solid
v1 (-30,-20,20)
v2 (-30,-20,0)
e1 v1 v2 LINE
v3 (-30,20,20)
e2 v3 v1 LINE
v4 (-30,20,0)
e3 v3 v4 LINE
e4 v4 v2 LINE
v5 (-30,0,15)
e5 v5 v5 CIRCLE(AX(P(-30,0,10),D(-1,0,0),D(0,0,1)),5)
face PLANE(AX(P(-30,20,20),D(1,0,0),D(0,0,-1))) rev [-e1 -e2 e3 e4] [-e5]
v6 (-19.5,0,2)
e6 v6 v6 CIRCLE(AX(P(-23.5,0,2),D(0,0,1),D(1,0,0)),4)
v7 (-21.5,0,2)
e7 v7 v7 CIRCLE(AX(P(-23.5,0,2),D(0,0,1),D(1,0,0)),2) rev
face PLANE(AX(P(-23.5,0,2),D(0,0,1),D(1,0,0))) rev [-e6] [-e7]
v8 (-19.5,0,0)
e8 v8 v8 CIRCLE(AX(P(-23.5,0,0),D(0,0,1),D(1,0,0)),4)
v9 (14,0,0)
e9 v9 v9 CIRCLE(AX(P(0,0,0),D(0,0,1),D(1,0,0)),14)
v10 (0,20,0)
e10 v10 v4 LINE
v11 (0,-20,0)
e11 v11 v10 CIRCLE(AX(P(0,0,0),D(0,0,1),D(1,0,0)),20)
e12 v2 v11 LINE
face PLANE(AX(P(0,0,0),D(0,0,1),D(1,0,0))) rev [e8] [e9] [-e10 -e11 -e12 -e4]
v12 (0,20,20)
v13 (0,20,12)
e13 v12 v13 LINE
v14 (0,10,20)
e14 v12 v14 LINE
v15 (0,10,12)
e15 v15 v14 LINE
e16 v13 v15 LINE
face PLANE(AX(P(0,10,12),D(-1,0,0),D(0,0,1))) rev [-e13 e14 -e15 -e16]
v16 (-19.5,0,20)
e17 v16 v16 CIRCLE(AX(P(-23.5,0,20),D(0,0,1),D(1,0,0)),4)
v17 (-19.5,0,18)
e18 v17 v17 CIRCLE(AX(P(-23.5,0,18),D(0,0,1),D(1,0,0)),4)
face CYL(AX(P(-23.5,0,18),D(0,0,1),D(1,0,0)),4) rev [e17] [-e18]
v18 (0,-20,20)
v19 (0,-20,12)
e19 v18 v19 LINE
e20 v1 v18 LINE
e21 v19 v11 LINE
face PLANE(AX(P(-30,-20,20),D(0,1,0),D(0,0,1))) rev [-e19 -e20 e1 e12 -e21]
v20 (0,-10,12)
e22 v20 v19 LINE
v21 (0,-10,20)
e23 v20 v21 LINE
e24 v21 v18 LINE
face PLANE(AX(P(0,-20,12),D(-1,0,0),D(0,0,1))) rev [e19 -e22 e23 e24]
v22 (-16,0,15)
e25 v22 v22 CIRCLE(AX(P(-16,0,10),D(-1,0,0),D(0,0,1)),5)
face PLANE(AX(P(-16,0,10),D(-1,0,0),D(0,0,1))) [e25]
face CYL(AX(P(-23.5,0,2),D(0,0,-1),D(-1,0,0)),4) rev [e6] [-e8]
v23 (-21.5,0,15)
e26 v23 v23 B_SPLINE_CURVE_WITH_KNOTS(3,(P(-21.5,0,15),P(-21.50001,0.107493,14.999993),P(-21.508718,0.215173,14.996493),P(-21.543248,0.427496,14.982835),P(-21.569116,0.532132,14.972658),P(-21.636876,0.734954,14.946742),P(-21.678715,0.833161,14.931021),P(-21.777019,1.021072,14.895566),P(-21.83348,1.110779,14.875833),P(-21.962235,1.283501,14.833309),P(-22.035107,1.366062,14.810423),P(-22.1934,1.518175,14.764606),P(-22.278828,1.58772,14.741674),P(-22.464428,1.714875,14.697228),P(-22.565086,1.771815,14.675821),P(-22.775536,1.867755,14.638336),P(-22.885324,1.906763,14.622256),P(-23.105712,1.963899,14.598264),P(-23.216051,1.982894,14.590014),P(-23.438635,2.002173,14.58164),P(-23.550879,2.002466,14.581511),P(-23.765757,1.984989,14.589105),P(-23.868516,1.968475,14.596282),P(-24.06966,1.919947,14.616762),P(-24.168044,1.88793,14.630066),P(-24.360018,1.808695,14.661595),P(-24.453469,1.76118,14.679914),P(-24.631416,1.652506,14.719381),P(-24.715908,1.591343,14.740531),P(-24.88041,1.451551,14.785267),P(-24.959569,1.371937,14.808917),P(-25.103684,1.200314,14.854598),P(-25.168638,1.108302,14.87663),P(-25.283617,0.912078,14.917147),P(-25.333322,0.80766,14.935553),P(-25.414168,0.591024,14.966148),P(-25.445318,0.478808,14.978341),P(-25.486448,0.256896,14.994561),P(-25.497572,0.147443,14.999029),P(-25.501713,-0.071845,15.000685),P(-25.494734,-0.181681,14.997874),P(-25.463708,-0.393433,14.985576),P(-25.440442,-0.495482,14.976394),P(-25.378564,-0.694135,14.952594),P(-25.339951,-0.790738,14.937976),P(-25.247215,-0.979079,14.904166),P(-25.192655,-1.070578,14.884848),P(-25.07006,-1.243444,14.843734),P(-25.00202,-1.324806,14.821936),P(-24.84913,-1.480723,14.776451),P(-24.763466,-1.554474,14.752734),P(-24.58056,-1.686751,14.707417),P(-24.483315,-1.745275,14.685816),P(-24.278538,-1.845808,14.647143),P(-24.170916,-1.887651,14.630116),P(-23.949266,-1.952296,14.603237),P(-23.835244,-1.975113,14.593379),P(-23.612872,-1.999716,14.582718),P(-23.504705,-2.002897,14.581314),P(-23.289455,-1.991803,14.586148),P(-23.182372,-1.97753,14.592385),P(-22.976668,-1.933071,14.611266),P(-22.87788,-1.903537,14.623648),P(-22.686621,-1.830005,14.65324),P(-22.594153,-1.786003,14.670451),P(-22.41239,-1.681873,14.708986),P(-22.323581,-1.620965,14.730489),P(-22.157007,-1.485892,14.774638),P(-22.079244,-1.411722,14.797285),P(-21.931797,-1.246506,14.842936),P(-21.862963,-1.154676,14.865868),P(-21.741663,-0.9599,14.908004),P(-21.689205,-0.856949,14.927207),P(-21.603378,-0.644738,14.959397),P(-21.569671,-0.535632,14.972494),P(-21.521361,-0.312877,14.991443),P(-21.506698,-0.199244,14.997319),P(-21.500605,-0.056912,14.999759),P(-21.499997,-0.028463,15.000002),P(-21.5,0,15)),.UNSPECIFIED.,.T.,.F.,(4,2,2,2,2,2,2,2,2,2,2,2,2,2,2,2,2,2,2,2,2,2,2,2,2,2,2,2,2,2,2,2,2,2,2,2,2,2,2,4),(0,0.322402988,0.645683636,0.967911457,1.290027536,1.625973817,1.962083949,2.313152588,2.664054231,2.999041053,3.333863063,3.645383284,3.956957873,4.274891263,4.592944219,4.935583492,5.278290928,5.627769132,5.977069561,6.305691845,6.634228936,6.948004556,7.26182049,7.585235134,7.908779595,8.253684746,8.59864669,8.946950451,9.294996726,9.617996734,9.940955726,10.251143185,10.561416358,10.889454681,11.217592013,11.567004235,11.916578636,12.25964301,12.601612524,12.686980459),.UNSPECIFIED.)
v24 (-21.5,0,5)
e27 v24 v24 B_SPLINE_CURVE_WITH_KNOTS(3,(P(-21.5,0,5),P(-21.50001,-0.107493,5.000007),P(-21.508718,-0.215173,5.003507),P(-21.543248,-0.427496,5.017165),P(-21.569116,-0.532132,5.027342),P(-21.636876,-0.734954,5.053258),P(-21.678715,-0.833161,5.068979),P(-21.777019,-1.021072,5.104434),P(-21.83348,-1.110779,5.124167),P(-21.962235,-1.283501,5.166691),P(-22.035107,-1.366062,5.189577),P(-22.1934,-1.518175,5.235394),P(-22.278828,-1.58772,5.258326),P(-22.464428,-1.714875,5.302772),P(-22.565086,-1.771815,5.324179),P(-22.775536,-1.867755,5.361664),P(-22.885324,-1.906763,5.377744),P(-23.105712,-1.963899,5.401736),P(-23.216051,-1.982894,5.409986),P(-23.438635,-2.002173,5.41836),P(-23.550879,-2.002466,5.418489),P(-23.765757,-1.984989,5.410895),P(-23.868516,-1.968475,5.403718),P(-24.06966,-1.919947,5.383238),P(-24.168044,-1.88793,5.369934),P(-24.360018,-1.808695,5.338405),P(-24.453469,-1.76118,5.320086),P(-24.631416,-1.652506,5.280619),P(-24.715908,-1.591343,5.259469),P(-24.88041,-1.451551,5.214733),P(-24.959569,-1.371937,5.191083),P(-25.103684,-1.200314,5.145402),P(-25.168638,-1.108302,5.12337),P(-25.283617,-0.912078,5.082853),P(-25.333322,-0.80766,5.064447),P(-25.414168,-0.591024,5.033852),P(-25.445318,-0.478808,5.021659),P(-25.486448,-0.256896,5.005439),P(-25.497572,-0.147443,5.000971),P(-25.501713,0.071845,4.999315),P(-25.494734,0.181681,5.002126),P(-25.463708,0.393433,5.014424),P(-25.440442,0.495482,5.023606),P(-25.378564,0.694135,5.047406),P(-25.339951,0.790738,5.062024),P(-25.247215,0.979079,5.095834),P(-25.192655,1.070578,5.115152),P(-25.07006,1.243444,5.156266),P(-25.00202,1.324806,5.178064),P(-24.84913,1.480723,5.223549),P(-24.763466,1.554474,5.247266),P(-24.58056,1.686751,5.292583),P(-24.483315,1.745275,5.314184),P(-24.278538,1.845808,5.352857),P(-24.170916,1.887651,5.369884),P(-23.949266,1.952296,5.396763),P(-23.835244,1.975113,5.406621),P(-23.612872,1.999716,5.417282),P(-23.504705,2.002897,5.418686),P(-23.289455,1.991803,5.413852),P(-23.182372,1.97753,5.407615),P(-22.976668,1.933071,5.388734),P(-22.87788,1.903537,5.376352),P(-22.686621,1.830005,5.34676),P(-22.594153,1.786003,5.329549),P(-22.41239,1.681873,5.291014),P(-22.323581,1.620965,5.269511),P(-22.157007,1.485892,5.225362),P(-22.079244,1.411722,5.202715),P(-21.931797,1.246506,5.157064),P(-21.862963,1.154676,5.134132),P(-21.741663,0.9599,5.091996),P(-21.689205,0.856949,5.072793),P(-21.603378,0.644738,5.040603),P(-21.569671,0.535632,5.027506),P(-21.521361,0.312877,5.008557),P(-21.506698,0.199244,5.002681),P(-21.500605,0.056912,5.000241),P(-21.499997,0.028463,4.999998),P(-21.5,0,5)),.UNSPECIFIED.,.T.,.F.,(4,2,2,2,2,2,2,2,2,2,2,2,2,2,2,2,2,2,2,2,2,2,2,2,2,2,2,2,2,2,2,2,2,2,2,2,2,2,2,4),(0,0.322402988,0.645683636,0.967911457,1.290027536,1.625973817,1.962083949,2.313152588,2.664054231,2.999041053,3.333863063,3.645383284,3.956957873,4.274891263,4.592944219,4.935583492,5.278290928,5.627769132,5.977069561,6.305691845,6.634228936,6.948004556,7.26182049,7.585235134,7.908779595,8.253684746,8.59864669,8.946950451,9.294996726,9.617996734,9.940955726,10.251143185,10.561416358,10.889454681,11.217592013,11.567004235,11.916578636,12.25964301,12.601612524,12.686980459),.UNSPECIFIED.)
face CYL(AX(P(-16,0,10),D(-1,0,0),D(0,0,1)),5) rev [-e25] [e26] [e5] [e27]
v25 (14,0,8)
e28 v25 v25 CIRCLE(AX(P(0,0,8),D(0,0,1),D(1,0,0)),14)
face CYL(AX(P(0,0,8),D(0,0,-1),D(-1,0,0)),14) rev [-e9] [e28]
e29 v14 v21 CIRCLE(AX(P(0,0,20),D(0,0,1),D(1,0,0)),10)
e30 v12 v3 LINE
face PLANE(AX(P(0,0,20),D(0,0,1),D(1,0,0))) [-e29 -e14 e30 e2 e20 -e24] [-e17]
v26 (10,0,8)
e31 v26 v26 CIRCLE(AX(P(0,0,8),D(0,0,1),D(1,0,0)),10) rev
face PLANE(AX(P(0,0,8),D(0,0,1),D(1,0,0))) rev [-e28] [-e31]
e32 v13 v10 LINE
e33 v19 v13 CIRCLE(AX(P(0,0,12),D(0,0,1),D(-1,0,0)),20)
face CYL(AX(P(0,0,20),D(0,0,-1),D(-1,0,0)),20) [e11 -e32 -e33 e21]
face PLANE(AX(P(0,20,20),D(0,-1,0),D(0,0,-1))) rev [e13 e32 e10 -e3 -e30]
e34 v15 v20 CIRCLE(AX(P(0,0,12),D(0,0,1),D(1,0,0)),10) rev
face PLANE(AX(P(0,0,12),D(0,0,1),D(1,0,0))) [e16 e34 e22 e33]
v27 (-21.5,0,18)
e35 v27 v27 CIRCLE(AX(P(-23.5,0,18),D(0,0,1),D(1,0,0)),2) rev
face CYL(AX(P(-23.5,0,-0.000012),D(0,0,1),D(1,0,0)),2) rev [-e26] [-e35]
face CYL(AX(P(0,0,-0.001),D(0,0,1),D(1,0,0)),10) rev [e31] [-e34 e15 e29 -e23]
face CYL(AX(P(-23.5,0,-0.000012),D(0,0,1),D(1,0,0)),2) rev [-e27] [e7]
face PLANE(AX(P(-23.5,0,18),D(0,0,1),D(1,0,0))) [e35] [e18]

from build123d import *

# Parameters (mm, degrees)
BOSS_EXTRU_1_DEPTH           = 20
ESQUISSE1_4_R                = 14
ENL_V_MAT_EXTRU_1_DEPTH      = 8
ESQUISSE3_R                  = 5
ENL_V_MAT_EXTRU_2_DEPTH      = 14
ENL_V_MAT_EXTRU_3_DEPTH      = 42.231056256
ENL_V_MAT_EXTRU_3_DEPTH_BACK = 42.231056256
ESQUISSE1_5_R                = 2
ESQUISSE1_6_R                = 4
ENL_V_MAT_EXTRU_4_DEPTH      = 2
ENL_V_START                  = 18
ESQUISSE1_7_R                = 4
ENL_V_MAT_EXTRU_5_DEPTH      = 2
ENL_V_MAT_EXTRU_6_REACH      = 43.231
ESQUISSE4_R                  = 10
ENL_V_MAT_EXTRU_7_DEPTH      = 8


with BuildPart() as part:
    # Esquisse1 → Boss.-Extru.1 (new body)
    with BuildSketch(Plane.XY):
        with BuildLine():
            Line((0, 20), (-30, 20))
            Line((-30, 20), (-30, -20))
            Line((-30, -20), (0, -20))
            ThreePointArc((0, -20), (20, 0), (0, 20))
        make_face()
    extrude(amount=BOSS_EXTRU_1_DEPTH)

    # Esquisse1<4> → Enlèv. mat.-Extru.1 (cut)
    with BuildSketch(Plane.XY):
        Circle(ESQUISSE1_4_R)
    extrude(amount=ENL_V_MAT_EXTRU_1_DEPTH, mode=Mode.SUBTRACT)

    # Esquisse3 → Enlèv. mat.-Extru.2 (cut)
    with BuildSketch(Plane.ZY.offset(30)):
        with Locations((10, 0)):
            Circle(ESQUISSE3_R)
    extrude(amount=-ENL_V_MAT_EXTRU_2_DEPTH, mode=Mode.SUBTRACT)

    # Esquisse1<5> → Enlèv. mat.-Extru.3 (cut, two sides: drawn at the far end of the back side and taken through both)
    with BuildSketch(Plane.XY.offset(-ENL_V_MAT_EXTRU_3_DEPTH_BACK)):
        with Locations((-23.5, 0)):
            Circle(ESQUISSE1_5_R)
    extrude(amount=ENL_V_MAT_EXTRU_3_DEPTH + ENL_V_MAT_EXTRU_3_DEPTH_BACK, mode=Mode.SUBTRACT)

    # Esquisse1<6> → Enlèv. mat.-Extru.4 (cut)
    with BuildSketch(Plane.XY):
        with Locations((-23.5, 0)):
            Circle(ESQUISSE1_6_R)
    extrude(amount=ENL_V_MAT_EXTRU_4_DEPTH, mode=Mode.SUBTRACT)

    # Esquisse1<7> → Enlèv. mat.-Extru.5 (cut)
    with BuildSketch(Plane.XY.offset(ENL_V_START)):
        with Locations((-23.5, 0)):
            Circle(ESQUISSE1_7_R)
    extrude(amount=ENL_V_MAT_EXTRU_5_DEPTH, mode=Mode.SUBTRACT)

    # Esquisse4 → Enlèv. mat.-Extru.6 (cut, up to next)
    with BuildSketch(Plane.XY.offset(20), mode=Mode.PRIVATE) as enl_v_mat_extru_6_sk1:
        Circle(ESQUISSE4_R)
    enl_v_mat_extru_6_tool1 = extrude(enl_v_mat_extru_6_sk1.sketch, amount=-ENL_V_MAT_EXTRU_6_REACH, mode=Mode.PRIVATE) & part.part
    add(enl_v_mat_extru_6_tool1.solids().sort_by_distance((0, 0, 20))[0], mode=Mode.SUBTRACT)

    # Esquisse5 → Enlèv. mat.-Extru.7 (cut)
    with BuildSketch(Plane.XY.offset(20)):
        with BuildLine():
            Line((0, 10), (0, 20))
            ThreePointArc((0, 20), (20, 0), (0, -20))
            Line((0, -20), (0, -10))
            ThreePointArc((0, -10), (-10, 0), (0, 10))
        make_face()
    extrude(amount=-ENL_V_MAT_EXTRU_7_DEPTH, mode=Mode.SUBTRACT)


solid = part.part
